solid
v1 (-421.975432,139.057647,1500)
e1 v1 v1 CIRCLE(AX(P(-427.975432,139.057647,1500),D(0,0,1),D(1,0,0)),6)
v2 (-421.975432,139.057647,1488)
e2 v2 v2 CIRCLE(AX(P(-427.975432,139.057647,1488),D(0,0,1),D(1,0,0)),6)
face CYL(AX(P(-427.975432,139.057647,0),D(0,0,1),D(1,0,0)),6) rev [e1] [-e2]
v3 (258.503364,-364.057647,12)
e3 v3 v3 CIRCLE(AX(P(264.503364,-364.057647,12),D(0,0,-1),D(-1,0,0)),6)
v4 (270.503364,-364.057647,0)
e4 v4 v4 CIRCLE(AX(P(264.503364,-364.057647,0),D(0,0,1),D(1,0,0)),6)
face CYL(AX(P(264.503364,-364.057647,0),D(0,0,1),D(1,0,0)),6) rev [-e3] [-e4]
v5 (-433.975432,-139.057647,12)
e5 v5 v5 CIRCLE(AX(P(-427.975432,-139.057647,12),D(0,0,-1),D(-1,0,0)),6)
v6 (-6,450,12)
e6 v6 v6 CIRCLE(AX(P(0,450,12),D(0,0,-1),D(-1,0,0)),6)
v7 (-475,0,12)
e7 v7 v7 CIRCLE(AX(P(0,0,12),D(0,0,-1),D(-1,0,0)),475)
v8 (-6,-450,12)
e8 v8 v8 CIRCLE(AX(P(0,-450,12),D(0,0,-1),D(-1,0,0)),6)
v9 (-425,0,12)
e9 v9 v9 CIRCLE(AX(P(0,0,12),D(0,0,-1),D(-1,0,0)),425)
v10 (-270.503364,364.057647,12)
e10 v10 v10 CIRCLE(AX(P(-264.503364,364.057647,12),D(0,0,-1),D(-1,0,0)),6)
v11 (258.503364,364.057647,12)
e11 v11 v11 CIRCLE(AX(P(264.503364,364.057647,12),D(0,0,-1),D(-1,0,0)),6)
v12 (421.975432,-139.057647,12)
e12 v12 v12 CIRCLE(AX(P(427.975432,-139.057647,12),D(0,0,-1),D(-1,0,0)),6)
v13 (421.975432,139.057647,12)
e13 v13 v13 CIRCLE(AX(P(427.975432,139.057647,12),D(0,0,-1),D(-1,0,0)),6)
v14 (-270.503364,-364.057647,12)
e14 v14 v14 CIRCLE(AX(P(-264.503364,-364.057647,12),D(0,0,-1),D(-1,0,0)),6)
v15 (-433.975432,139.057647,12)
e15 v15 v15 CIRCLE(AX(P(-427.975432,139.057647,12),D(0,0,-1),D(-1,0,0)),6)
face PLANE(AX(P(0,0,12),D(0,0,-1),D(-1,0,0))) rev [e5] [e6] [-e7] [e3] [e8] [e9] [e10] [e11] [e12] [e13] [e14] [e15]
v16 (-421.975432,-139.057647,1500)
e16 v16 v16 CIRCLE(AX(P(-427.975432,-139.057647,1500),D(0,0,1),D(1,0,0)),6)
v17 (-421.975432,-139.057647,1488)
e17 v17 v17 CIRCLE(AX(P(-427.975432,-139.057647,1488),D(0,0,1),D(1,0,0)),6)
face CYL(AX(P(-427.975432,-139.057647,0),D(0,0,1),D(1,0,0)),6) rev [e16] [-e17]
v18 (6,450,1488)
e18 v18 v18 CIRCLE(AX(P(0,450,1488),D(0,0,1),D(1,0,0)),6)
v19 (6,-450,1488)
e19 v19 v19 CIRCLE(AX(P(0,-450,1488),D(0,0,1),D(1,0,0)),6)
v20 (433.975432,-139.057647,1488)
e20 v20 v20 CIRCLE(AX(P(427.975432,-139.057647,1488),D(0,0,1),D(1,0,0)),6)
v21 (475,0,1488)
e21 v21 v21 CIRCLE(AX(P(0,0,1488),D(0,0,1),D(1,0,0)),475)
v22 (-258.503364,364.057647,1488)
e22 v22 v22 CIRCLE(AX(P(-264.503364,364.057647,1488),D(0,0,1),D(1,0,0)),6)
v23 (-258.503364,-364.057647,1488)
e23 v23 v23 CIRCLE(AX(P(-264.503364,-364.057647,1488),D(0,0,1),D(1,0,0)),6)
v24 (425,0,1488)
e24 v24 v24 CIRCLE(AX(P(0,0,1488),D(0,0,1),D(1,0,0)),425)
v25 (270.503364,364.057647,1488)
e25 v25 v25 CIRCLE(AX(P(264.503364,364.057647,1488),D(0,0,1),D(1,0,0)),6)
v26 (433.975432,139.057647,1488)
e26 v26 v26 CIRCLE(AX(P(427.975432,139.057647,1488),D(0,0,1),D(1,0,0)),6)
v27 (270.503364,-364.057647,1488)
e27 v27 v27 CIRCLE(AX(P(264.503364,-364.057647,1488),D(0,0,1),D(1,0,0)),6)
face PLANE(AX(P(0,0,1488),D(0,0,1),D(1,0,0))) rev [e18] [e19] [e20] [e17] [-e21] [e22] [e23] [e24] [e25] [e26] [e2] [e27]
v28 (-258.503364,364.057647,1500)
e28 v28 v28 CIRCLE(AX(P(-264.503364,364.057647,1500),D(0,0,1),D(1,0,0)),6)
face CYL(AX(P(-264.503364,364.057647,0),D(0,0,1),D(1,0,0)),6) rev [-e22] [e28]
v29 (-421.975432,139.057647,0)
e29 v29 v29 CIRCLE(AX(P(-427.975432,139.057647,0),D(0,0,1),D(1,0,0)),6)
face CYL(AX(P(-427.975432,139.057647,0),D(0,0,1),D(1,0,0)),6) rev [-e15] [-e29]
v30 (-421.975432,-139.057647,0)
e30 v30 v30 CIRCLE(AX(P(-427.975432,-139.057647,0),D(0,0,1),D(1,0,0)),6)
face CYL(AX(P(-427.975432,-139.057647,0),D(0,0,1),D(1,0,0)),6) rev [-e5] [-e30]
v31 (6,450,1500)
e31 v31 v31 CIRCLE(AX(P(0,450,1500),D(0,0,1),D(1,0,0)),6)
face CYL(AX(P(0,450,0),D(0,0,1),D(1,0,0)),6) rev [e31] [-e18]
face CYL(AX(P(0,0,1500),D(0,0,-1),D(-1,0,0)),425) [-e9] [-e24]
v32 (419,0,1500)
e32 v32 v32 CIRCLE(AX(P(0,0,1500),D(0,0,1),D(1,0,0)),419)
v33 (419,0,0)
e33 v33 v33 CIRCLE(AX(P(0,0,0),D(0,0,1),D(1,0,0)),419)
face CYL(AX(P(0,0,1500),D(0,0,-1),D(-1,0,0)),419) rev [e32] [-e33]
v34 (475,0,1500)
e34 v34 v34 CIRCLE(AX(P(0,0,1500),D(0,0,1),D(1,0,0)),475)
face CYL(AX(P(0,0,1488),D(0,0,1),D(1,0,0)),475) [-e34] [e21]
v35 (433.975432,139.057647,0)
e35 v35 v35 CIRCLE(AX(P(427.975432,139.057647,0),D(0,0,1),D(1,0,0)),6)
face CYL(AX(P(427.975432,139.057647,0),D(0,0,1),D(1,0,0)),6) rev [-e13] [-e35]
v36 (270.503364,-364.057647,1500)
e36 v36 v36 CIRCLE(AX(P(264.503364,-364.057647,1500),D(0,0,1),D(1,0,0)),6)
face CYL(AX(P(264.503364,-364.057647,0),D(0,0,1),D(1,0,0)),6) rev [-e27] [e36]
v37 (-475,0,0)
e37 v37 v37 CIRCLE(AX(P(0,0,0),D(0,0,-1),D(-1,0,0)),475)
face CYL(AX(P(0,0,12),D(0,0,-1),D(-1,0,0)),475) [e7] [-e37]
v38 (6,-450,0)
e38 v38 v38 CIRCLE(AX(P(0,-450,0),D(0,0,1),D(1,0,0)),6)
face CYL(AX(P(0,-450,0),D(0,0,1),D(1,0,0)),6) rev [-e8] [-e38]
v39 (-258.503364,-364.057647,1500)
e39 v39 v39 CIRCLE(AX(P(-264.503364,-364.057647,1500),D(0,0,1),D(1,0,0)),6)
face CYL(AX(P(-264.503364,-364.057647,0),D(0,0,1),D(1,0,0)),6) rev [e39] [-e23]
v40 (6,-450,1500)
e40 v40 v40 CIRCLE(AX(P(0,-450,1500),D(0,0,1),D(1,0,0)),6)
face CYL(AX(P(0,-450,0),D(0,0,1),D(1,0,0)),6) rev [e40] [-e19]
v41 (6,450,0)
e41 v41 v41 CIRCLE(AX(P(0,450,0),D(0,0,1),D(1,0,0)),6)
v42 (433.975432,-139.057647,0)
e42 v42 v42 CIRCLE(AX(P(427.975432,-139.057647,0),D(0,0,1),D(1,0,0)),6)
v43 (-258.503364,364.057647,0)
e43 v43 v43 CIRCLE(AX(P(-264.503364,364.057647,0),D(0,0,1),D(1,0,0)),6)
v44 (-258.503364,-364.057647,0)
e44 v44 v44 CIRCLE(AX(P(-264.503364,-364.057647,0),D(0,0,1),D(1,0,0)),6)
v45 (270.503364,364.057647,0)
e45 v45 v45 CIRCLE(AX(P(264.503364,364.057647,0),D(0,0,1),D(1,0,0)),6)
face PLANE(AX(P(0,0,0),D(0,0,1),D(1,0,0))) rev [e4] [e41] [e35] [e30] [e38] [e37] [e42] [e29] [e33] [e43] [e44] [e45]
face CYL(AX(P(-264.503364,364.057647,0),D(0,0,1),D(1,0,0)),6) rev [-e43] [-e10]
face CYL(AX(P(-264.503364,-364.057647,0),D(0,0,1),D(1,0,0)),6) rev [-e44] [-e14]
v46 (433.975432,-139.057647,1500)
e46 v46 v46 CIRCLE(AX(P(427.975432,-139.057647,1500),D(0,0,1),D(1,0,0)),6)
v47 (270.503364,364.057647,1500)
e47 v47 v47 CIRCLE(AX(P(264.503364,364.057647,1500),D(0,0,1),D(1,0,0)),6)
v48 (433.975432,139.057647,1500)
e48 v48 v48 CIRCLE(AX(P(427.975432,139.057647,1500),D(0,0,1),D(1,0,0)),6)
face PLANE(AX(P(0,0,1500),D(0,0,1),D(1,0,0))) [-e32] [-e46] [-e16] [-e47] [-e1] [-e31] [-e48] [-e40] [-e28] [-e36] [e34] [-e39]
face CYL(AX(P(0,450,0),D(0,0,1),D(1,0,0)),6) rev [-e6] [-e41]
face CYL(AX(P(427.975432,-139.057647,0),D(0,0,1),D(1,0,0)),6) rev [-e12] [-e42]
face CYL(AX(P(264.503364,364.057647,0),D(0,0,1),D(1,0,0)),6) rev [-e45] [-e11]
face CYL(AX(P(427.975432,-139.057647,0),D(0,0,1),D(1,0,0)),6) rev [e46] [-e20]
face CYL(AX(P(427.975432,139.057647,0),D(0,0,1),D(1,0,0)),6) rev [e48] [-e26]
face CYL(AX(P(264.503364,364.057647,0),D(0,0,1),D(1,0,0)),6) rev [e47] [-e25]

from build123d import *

# Parameters (mm, degrees)
SKETCH1_R           = 425
SKETCH1_R_2         = 419
BOSS_EXTRUDE1_DEPTH = 1500
BOSS_EXTRUDE2_START = -12
SKETCH2_R           = 475
SKETCH2_R_2         = 425
BOSS_EXTRUDE2_DEPTH = 12
SKETCH4_R           = 475
SKETCH4_R_2         = 425
BOSS_EXTRUDE3_DEPTH = 12
SKETCH6_R           = 6
CUT_EXTRUDE3_DEPTH  = 1644.547991389


with BuildPart() as part:
    # Sketch1 → Boss-Extrude1 (new body)
    with BuildSketch(Plane.XY):
        Circle(SKETCH1_R)
        Circle(SKETCH1_R_2, mode=Mode.SUBTRACT)
    extrude(amount=BOSS_EXTRUDE1_DEPTH)

    # Sketch2 → Boss-Extrude2 (add)
    with BuildSketch(Plane.XY.offset(1500).offset(BOSS_EXTRUDE2_START)):
        Circle(SKETCH2_R)
        Circle(SKETCH2_R_2, mode=Mode.SUBTRACT)
    extrude(amount=BOSS_EXTRUDE2_DEPTH)

    # Sketch4 → Boss-Extrude3 (add)
    with BuildSketch(Plane(origin=(0, 0, 0), x_dir=(-1, 0, 0), z_dir=(0, 0, -1))):
        with Locations(Location((0, 0, 0), (0, 0, 180))):
            Circle(SKETCH4_R)
        Circle(SKETCH4_R_2, mode=Mode.SUBTRACT)
    extrude(amount=-BOSS_EXTRUDE3_DEPTH)

    # Sketch6 → Cut-Extrude3 (cut, through all)
    with BuildSketch(Plane.XY.offset(1500)):
        with Locations((0, 450)):
            Circle(SKETCH6_R)
        with Locations((264.503363532, 364.057647469)):
            Circle(SKETCH6_R)
        with Locations((427.975432333, 139.057647469)):
            Circle(SKETCH6_R)
        with Locations((427.975432333, -139.057647469)):
            Circle(SKETCH6_R)
        with Locations((264.503363532, -364.057647469)):
            Circle(SKETCH6_R)
        with Locations((0, -450)):
            Circle(SKETCH6_R)
        with Locations((-264.503363532, -364.057647469)):
            Circle(SKETCH6_R)
        with Locations((-427.975432333, -139.057647469)):
            Circle(SKETCH6_R)
        with Locations((-427.975432333, 139.057647469)):
            Circle(SKETCH6_R)
        with Locations((-264.503363532, 364.057647469)):
            Circle(SKETCH6_R)
    extrude(amount=-CUT_EXTRUDE3_DEPTH, mode=Mode.SUBTRACT)


solid = part.part
